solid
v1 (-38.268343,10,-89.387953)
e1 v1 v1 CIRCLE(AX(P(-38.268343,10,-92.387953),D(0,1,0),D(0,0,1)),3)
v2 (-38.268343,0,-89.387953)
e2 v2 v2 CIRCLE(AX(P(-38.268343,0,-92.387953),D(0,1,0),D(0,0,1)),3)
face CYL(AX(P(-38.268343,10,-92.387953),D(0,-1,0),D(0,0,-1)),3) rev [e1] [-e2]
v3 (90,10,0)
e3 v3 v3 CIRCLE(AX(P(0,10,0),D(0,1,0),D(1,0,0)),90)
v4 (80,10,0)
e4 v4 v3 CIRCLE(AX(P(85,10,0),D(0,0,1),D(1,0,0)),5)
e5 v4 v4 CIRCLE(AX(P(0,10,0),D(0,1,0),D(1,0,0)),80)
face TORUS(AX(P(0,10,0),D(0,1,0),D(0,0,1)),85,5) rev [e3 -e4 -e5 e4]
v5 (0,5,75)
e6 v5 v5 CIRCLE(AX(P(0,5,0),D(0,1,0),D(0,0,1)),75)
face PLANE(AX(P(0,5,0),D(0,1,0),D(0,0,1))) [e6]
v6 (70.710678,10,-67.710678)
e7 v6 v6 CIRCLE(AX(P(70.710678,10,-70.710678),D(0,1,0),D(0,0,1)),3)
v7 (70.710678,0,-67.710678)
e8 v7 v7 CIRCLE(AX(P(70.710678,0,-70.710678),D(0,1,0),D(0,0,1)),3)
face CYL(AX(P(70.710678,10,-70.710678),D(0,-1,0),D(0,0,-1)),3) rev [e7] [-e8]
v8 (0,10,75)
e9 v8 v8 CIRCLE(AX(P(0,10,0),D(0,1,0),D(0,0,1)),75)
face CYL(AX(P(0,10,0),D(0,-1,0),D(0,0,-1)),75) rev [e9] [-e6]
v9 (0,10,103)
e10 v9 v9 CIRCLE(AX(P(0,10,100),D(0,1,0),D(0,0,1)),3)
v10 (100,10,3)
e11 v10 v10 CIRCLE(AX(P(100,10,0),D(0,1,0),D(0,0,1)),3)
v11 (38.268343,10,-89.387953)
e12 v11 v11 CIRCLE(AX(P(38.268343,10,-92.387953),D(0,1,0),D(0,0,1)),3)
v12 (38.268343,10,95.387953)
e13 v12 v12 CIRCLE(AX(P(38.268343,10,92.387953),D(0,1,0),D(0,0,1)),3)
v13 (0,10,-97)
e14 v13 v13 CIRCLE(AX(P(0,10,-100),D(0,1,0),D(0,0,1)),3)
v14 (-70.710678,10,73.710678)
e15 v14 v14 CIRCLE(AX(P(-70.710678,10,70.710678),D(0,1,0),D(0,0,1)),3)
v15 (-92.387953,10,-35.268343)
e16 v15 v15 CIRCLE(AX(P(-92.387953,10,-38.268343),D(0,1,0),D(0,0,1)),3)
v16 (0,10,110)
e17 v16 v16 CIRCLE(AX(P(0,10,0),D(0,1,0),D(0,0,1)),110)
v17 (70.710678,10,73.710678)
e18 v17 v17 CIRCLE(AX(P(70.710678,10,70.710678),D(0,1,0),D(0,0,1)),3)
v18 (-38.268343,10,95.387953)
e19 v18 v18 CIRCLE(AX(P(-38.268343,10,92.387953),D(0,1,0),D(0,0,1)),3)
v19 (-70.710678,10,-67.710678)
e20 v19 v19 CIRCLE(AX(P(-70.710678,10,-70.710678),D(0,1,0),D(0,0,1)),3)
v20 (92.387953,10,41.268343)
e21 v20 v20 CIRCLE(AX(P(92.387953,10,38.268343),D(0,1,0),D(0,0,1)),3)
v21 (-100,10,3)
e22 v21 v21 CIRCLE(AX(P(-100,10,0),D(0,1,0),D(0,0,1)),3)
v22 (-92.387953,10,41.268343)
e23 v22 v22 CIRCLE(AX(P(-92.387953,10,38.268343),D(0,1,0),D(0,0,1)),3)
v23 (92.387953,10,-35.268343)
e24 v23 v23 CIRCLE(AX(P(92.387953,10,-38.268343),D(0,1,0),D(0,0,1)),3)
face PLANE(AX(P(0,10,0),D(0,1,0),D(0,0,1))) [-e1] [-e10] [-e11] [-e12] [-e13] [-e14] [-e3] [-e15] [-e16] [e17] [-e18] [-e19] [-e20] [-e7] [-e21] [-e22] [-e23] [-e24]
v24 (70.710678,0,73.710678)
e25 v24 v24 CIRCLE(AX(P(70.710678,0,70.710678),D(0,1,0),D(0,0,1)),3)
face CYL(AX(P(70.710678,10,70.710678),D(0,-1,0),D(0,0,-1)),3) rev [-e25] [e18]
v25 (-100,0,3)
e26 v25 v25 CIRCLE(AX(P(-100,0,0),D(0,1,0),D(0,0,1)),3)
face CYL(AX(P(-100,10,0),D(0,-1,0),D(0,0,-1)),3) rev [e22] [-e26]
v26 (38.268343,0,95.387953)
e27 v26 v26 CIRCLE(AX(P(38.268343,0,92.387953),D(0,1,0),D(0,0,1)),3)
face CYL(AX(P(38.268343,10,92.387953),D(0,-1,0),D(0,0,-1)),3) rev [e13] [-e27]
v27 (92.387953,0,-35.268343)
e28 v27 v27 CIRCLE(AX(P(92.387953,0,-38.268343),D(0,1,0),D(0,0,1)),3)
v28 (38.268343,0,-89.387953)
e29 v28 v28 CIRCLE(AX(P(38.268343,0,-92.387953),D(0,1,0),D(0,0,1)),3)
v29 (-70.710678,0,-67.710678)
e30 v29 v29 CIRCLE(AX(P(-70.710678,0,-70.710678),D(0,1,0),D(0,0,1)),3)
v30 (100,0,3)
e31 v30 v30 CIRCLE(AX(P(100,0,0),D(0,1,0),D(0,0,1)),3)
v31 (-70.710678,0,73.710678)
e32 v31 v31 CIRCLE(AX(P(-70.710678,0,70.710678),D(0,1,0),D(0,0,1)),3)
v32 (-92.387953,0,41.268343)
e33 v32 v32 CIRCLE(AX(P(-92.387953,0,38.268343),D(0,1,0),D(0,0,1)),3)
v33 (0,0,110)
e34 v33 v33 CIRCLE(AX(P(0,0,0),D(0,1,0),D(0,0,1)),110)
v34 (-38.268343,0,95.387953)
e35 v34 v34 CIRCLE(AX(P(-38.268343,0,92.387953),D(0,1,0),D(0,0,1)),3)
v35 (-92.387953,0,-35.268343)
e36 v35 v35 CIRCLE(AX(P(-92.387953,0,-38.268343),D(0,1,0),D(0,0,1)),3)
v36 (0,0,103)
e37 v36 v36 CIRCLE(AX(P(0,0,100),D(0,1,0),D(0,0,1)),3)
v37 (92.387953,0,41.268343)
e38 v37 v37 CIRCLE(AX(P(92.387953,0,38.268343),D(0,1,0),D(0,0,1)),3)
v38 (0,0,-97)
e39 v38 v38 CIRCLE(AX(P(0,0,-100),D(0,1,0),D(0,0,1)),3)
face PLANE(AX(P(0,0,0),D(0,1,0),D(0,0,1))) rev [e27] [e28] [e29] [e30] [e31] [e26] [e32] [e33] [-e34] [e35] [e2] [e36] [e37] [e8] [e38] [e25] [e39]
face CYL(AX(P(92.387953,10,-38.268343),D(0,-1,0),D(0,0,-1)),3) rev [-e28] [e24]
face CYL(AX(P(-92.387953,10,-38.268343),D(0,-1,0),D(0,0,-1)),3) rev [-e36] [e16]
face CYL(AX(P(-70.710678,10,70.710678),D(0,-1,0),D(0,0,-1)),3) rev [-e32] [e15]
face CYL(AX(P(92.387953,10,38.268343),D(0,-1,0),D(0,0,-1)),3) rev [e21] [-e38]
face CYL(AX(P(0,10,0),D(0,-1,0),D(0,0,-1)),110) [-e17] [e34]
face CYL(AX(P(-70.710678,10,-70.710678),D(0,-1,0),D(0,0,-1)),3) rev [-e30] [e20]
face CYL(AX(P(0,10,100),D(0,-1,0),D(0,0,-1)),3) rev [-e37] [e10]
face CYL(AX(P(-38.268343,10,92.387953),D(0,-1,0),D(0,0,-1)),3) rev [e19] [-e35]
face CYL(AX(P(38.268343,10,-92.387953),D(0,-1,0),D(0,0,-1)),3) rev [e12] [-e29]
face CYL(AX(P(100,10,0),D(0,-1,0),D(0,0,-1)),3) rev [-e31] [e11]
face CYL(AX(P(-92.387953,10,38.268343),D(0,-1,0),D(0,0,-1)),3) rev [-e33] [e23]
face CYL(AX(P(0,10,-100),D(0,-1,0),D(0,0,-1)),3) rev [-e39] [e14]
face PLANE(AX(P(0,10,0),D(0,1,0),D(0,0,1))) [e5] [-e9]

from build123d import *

# Parameters (mm, degrees)
SKETCH_1_R        = 80
SKETCH_1_R_2      = 75
EXTRUDE_1_DEPTH   = 10
SKETCH_1_R_3      = 110
SKETCH_1_R_4      = 3
SKETCH_1_R_5      = 90
EXTRUDE_1_2_DEPTH = 10
SKETCH_1_3_R      = 90
SKETCH_1_3_R_2    = 80
SKETCH_1_3_R_3    = 75
EXTRUDE_2_DEPTH   = 5
SKETCH_2_R        = 90
SKETCH_2_R_2      = 80
EXTRUDE_4_DEPTH   = 5


with BuildPart() as part:
    # 草图1 → 凸台-拉伸1 (new body)
    with BuildSketch(Plane(origin=(0, 0, 0), x_dir=(1, 0, 0), z_dir=(0, 1, 0))):
        Circle(SKETCH_1_R)
        Circle(SKETCH_1_R_2, mode=Mode.SUBTRACT)
    extrude(amount=EXTRUDE_1_DEPTH)



with BuildPart() as body_2:
    # 草图1 → Extrude 1 2 (new body)
    with BuildSketch(Plane(origin=(0, 0, 0), x_dir=(1, 0, 0), z_dir=(0, 1, 0))):
        Circle(SKETCH_1_R_3)
        with Locations((-70.710678119, -70.710678119)):
            Circle(SKETCH_1_R_4, mode=Mode.SUBTRACT)
        with Locations((-38.268343237, -92.387953251)):
            Circle(SKETCH_1_R_4, mode=Mode.SUBTRACT)
        with Locations((-92.387953251, -38.268343237)):
            Circle(SKETCH_1_R_4, mode=Mode.SUBTRACT)
        with Locations((-100, 0)):
            Circle(SKETCH_1_R_4, mode=Mode.SUBTRACT)
        with Locations((0, -100)):
            Circle(SKETCH_1_R_4, mode=Mode.SUBTRACT)
        with Locations((38.268343237, -92.387953251)):
            Circle(SKETCH_1_R_4, mode=Mode.SUBTRACT)
        with Locations((70.710678119, -70.710678119)):
            Circle(SKETCH_1_R_4, mode=Mode.SUBTRACT)
        with Locations((92.387953251, -38.268343237)):
            Circle(SKETCH_1_R_4, mode=Mode.SUBTRACT)
        with Locations((-92.387953251, 38.268343237)):
            Circle(SKETCH_1_R_4, mode=Mode.SUBTRACT)
        with Locations((-70.710678119, 70.710678119)):
            Circle(SKETCH_1_R_4, mode=Mode.SUBTRACT)
        with Locations((-38.268343237, 92.387953251)):
            Circle(SKETCH_1_R_4, mode=Mode.SUBTRACT)
        Circle(SKETCH_1_R_5, mode=Mode.SUBTRACT)
        with Locations((100, 0)):
            Circle(SKETCH_1_R_4, mode=Mode.SUBTRACT)
        with Locations((92.387953251, 38.268343237)):
            Circle(SKETCH_1_R_4, mode=Mode.SUBTRACT)
        with Locations((0, 100)):
            Circle(SKETCH_1_R_4, mode=Mode.SUBTRACT)
        with Locations((38.268343237, 92.387953251)):
            Circle(SKETCH_1_R_4, mode=Mode.SUBTRACT)
        with Locations((70.710678119, 70.710678119)):
            Circle(SKETCH_1_R_4, mode=Mode.SUBTRACT)
    extrude(amount=EXTRUDE_1_2_DEPTH)


with BuildPart() as part_1:
    add(part.part)

    add(body_2.part)  # 凸台-拉伸2 merges body 2
    # 草图1<3> → 凸台-拉伸2 (add)
    # profile 1 of 2: a face of its own
    with BuildSketch(Plane(origin=(0, 0, 0), x_dir=(1, 0, 0), z_dir=(0, 1, 0))):
        Circle(SKETCH_1_3_R)
        Circle(SKETCH_1_3_R_2, mode=Mode.SUBTRACT)
    # profile 2 of 2: a face of its own
    with BuildSketch(Plane(origin=(0, 0, 0), x_dir=(1, 0, 0), z_dir=(0, 1, 0))):
        Circle(SKETCH_1_3_R_3)
    extrude(amount=EXTRUDE_2_DEPTH)

    # 草图2 → 凸台-拉伸4 (add)
    with BuildSketch(Plane(origin=(0, 5, 0), x_dir=(1, 0, 0), z_dir=(0, 1, 0))):
        Circle(SKETCH_2_R)
        Circle(SKETCH_2_R_2, mode=Mode.SUBTRACT)
    extrude(amount=EXTRUDE_4_DEPTH)

    # 切除-扫描1: sweep along a path in 草图5
    with BuildLine(Plane(origin=(0, 5, 0), x_dir=(1, 0, 0), z_dir=(0, 1, 0))) as sweep_1_path:
        CenterArc((0, 0), 85, 0, 360)
    # 草图4 → 切除-扫描1 (sweep, cut)
    with BuildSketch(Plane.XY):
        with BuildLine():
            Line((90, 10), (80, 10))
            ThreePointArc((80, 10), (85, 5), (90, 10))
        make_face()
    sweep(path=sweep_1_path.line, mode=Mode.SUBTRACT)


solid = part_1.part
